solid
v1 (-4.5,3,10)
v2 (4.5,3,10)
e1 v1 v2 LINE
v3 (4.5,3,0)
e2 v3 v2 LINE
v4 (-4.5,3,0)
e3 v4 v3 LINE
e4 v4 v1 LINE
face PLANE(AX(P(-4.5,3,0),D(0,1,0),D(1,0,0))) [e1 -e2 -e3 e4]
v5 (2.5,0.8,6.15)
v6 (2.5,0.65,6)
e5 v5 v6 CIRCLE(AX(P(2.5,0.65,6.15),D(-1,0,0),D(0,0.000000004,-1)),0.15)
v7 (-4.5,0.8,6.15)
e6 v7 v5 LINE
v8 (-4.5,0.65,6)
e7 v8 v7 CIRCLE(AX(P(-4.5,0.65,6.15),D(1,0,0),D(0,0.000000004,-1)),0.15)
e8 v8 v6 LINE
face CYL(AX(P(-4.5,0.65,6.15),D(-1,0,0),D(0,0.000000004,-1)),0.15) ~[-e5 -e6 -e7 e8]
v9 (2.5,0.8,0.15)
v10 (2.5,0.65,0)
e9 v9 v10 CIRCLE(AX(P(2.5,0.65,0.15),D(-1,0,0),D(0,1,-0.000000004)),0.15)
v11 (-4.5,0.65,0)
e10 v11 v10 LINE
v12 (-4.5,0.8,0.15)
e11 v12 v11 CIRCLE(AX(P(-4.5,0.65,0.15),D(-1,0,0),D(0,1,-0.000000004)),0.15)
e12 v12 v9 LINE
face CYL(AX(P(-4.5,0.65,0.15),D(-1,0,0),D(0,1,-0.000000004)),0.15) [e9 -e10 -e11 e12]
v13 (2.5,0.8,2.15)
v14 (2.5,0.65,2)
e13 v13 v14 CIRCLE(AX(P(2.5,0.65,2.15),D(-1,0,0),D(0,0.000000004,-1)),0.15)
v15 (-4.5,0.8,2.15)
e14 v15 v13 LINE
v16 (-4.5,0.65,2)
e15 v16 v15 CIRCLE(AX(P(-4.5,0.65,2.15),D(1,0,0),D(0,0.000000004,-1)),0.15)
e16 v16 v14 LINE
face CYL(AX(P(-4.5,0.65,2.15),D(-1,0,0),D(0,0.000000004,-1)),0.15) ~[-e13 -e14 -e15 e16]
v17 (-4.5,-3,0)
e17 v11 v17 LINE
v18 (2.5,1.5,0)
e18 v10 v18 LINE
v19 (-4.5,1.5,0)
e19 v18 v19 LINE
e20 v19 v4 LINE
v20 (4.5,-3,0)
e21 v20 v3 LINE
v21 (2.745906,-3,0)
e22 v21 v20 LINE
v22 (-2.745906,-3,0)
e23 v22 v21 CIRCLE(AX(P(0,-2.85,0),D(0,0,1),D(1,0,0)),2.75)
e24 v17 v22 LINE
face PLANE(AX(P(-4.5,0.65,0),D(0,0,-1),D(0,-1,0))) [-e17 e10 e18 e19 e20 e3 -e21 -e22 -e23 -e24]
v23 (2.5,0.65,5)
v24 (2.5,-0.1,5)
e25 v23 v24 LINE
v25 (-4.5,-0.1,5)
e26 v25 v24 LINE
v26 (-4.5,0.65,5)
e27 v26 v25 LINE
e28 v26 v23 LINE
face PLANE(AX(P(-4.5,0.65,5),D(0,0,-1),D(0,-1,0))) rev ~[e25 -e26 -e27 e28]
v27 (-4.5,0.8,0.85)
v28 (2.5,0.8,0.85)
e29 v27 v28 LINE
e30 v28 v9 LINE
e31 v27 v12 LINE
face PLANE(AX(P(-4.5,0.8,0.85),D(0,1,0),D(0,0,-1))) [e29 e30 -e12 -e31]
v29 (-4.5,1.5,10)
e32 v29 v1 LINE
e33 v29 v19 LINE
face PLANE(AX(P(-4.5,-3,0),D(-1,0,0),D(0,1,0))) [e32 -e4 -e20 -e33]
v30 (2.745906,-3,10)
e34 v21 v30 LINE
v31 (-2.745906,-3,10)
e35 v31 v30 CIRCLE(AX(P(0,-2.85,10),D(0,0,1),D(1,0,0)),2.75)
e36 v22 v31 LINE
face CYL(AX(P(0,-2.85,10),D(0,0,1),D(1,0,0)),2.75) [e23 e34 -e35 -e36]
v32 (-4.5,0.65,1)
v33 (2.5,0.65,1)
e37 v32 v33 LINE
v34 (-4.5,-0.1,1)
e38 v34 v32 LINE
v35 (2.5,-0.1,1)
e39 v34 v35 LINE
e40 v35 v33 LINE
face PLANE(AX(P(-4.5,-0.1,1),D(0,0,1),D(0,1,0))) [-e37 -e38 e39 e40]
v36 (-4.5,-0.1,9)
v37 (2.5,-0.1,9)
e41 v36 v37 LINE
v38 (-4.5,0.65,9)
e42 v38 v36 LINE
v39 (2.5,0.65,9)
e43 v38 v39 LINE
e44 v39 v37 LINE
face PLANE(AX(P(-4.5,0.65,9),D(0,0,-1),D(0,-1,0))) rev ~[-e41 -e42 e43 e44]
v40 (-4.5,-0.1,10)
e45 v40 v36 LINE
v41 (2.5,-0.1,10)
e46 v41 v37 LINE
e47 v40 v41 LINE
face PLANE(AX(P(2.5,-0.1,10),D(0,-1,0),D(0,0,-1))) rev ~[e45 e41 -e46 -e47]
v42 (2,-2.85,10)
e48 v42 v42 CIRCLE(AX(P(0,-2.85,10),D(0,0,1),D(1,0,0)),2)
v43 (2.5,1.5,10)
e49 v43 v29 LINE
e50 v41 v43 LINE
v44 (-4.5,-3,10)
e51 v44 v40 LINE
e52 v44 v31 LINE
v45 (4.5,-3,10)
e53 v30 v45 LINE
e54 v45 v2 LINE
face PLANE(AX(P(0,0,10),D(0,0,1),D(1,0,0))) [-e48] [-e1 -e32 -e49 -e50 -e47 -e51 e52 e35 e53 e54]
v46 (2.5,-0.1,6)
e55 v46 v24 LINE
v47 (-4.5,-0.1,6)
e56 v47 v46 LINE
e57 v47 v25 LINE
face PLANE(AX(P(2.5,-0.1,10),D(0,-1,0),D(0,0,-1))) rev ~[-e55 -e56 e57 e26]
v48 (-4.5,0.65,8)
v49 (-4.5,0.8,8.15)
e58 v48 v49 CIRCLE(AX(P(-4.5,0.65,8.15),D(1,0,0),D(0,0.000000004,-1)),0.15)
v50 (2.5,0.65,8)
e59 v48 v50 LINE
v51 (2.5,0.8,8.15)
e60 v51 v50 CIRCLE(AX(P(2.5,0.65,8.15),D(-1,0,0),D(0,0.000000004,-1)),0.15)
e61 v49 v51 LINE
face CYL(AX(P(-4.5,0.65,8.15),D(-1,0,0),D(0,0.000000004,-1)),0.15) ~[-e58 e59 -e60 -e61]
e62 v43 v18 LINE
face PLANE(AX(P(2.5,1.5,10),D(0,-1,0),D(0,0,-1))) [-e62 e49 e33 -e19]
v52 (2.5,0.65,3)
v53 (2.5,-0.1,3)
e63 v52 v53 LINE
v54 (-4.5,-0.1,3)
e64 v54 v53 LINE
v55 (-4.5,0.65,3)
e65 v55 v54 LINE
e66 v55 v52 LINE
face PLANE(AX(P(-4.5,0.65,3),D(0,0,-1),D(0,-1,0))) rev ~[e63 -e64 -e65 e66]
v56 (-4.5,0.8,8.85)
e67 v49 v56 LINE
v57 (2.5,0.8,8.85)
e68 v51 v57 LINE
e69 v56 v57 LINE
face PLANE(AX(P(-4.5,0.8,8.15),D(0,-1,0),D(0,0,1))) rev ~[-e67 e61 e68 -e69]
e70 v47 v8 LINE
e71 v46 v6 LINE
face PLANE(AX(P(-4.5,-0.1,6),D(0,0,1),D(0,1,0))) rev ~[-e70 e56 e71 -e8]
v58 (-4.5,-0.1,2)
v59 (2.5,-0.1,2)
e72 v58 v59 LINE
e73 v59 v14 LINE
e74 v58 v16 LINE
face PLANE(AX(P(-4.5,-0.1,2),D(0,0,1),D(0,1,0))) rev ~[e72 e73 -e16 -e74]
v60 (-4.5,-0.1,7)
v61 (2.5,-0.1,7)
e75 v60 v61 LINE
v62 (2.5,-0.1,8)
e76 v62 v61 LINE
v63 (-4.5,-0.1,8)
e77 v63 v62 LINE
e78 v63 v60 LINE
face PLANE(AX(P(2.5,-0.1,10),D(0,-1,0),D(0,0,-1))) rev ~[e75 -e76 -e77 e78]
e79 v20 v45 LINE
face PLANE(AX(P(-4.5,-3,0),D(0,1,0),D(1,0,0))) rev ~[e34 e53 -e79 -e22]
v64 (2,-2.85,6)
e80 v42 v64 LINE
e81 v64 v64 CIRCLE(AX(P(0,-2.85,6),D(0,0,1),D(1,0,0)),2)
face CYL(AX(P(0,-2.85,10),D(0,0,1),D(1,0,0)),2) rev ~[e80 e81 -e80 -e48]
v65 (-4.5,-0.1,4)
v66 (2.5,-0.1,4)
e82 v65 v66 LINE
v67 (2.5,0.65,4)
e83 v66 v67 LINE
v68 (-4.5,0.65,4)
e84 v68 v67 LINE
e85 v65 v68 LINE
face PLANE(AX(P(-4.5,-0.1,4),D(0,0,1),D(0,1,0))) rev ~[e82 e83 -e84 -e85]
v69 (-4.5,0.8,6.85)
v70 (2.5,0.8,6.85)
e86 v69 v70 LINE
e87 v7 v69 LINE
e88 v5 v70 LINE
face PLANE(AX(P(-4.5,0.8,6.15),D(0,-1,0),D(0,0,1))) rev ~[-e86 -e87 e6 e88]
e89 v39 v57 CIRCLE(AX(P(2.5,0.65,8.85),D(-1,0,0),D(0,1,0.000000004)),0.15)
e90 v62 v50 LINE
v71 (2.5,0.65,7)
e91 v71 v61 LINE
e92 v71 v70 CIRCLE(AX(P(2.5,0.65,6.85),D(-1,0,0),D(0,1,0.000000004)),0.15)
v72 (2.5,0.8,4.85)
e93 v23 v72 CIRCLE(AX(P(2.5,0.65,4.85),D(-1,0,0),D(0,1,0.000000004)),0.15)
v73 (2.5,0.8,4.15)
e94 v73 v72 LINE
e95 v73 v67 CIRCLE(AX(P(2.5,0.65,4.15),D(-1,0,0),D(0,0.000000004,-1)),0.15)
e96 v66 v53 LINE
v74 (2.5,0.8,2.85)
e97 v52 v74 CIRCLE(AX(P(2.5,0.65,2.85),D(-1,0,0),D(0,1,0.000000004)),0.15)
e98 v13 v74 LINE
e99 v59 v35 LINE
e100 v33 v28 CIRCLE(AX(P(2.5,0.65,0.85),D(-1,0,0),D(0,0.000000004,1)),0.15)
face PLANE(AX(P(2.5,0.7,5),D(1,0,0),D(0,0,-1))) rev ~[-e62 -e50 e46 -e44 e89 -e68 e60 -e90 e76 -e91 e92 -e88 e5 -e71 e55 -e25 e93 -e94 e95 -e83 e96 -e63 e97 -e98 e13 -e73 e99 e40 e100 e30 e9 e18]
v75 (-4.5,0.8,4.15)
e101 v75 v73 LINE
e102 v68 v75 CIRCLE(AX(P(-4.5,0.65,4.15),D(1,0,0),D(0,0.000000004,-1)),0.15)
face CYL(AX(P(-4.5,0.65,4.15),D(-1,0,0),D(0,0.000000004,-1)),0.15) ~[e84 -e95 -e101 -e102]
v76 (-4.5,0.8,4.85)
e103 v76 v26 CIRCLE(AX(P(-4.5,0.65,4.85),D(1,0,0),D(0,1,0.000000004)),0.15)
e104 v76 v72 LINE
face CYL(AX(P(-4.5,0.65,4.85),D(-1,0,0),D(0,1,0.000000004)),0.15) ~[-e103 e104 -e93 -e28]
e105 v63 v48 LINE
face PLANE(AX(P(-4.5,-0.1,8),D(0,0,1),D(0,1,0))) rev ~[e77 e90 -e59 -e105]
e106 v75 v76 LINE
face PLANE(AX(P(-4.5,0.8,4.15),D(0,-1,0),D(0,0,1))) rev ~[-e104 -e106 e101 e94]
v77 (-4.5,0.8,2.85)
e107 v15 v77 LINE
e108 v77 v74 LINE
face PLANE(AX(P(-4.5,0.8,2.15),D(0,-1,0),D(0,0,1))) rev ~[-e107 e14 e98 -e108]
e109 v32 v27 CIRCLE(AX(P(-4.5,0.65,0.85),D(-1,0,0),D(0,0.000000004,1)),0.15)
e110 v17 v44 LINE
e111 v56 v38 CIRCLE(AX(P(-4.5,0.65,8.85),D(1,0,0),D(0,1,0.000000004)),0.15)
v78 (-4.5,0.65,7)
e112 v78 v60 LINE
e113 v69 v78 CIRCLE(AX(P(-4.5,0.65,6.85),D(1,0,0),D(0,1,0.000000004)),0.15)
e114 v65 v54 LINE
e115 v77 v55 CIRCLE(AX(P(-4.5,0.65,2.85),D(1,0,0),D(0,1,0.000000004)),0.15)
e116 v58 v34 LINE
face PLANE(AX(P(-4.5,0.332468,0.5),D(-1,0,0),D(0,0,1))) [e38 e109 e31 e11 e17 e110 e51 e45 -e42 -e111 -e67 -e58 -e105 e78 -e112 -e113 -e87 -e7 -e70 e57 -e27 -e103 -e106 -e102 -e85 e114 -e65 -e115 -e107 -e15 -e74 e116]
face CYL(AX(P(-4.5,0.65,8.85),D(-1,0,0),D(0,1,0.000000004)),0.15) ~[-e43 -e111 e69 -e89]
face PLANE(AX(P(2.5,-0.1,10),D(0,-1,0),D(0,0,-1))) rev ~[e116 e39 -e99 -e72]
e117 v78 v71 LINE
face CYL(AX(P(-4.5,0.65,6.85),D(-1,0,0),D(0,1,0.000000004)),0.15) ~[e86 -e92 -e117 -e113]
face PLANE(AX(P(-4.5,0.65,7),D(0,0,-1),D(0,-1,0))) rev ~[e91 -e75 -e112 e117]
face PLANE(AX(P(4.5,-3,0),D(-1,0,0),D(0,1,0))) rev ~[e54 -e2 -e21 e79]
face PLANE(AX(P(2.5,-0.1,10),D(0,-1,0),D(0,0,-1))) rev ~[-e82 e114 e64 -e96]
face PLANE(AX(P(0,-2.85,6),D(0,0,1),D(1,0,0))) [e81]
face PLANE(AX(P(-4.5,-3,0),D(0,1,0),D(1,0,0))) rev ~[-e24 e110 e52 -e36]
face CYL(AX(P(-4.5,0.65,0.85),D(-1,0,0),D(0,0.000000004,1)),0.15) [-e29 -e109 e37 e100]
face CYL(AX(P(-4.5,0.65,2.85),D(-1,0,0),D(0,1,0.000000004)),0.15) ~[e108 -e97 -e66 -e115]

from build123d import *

# Parameters (mm, degrees)
SKETCH1_W           = 9
SKETCH1_H           = 6
BOSS_EXTRUDE1_DEPTH = 10
CUT_EXTRUDE1_START  = -2
SKETCH2_W           = 10
SKETCH2_H           = 1.6
CUT_EXTRUDE1_DEPTH  = 7
SKETCH3_R           = 2.75
BOSS_EXTRUDE2_DEPTH = 10
SKETCH4_R           = 2
CUT_EXTRUDE2_DEPTH  = 4
BOSS_EXTRUDE3_REACH = 16.573


with BuildPart() as part:
    # Sketch1 → Boss-Extrude1 (new body)
    with BuildSketch(Plane.XY):
        Rectangle(SKETCH1_W, SKETCH1_H)
    extrude(amount=BOSS_EXTRUDE1_DEPTH)

    # Sketch2 → Cut-Extrude1 (cut)
    with BuildSketch(Plane(origin=(4.5, 0, 0), x_dir=(0, 0, -1), z_dir=(1, 0, 0)).offset(CUT_EXTRUDE1_START)):
        with Locations((-5, 0.7)):
            Rectangle(SKETCH2_W, SKETCH2_H)
    extrude(amount=-CUT_EXTRUDE1_DEPTH, mode=Mode.SUBTRACT)

    # Sketch3 → Boss-Extrude2 (add, through all)
    with BuildSketch(Plane.XY.offset(10)):
        with Locations((0, -2.85)):
            Circle(SKETCH3_R)
    extrude(amount=-BOSS_EXTRUDE2_DEPTH)

    # Sketch4 → Cut-Extrude2 (cut)
    with BuildSketch(Plane.XY.offset(10)):
        with Locations((0, -2.85)):
            Circle(SKETCH4_R)
    extrude(amount=-CUT_EXTRUDE2_DEPTH, mode=Mode.SUBTRACT)

    # Sketch5 → Boss-Extrude3 (add, up to next)
    with BuildSketch(Plane.ZY.offset(4.5), mode=Mode.PRIVATE) as boss_extrude3_sk1:
        with BuildLine():
            Line((0, -0.1), (1, -0.1))
            Line((1, -0.1), (1, 0.65))
            ThreePointArc((1, 0.65), (0.956066017, 0.756066017), (0.85, 0.8))
            Line((0.85, 0.8), (0.15, 0.8))
            ThreePointArc((0.15, 0.8), (0.043933983, 0.756066017), (0, 0.65))
            Line((0, 0.65), (0, -0.1))
        make_face()
    boss_extrude3_tool1 = extrude(boss_extrude3_sk1.sketch, amount=-BOSS_EXTRUDE3_REACH, mode=Mode.PRIVATE) - part.part
    # Sketch5 → Boss-Extrude3 (add, up to next)
    with BuildSketch(Plane.ZY.offset(4.5), mode=Mode.PRIVATE) as boss_extrude3_sk2:
        with BuildLine():
            Line((2, -0.1), (2, 0.65))
            ThreePointArc((2, 0.65), (2.043933983, 0.756066017), (2.15, 0.8))
            Line((2.15, 0.8), (2.85, 0.8))
            ThreePointArc((2.85, 0.8), (2.956066017, 0.756066017), (3, 0.65))
            Line((3, 0.65), (3, -0.1))
            Line((3, -0.1), (2, -0.1))
        make_face()
    boss_extrude3_tool2 = extrude(boss_extrude3_sk2.sketch, amount=-BOSS_EXTRUDE3_REACH, mode=Mode.PRIVATE) - part.part
    # Sketch5 → Boss-Extrude3 (add, up to next)
    with BuildSketch(Plane.ZY.offset(4.5), mode=Mode.PRIVATE) as boss_extrude3_sk3:
        with BuildLine():
            Line((4, -0.1), (4, 0.65))
            ThreePointArc((4, 0.65), (4.043933983, 0.756066017), (4.15, 0.8))
            Line((4.15, 0.8), (4.85, 0.8))
            ThreePointArc((4.85, 0.8), (4.956066017, 0.756066017), (5, 0.65))
            Line((5, 0.65), (5, -0.1))
            Line((5, -0.1), (4, -0.1))
        make_face()
    boss_extrude3_tool3 = extrude(boss_extrude3_sk3.sketch, amount=-BOSS_EXTRUDE3_REACH, mode=Mode.PRIVATE) - part.part
    # Sketch5 → Boss-Extrude3 (add, up to next)
    with BuildSketch(Plane.ZY.offset(4.5), mode=Mode.PRIVATE) as boss_extrude3_sk4:
        with BuildLine():
            Line((6, -0.1), (6, 0.65))
            ThreePointArc((6, 0.65), (6.043933983, 0.756066017), (6.15, 0.8))
            Line((6.15, 0.8), (6.85, 0.8))
            ThreePointArc((6.85, 0.8), (6.956066017, 0.756066017), (7, 0.65))
            Line((7, 0.65), (7, -0.1))
            Line((7, -0.1), (6, -0.1))
        make_face()
    boss_extrude3_tool4 = extrude(boss_extrude3_sk4.sketch, amount=-BOSS_EXTRUDE3_REACH, mode=Mode.PRIVATE) - part.part
    # Sketch5 → Boss-Extrude3 (add, up to next)
    with BuildSketch(Plane.ZY.offset(4.5), mode=Mode.PRIVATE) as boss_extrude3_sk5:
        with BuildLine():
            Line((8, -0.1), (8, 0.65))
            ThreePointArc((8, 0.65), (8.043933983, 0.756066017), (8.15, 0.8))
            Line((8.15, 0.8), (8.85, 0.8))
            ThreePointArc((8.85, 0.8), (8.956066017, 0.756066017), (9, 0.65))
            Line((9, 0.65), (9, -0.1))
            Line((9, -0.1), (8, -0.1))
        make_face()
    boss_extrude3_tool5 = extrude(boss_extrude3_sk5.sketch, amount=-BOSS_EXTRUDE3_REACH, mode=Mode.PRIVATE) - part.part
    add(boss_extrude3_tool1.solids().sort_by_distance((-4.5, 0.345482, 0.5))[0])
    add(boss_extrude3_tool2.solids().sort_by_distance((-4.5, 0.345482, 2.5))[0])
    add(boss_extrude3_tool3.solids().sort_by_distance((-4.5, 0.345482, 4.5))[0])
    add(boss_extrude3_tool4.solids().sort_by_distance((-4.5, 0.345482, 6.5))[0])
    add(boss_extrude3_tool5.solids().sort_by_distance((-4.5, 0.345482, 8.5))[0])


solid = part.part
